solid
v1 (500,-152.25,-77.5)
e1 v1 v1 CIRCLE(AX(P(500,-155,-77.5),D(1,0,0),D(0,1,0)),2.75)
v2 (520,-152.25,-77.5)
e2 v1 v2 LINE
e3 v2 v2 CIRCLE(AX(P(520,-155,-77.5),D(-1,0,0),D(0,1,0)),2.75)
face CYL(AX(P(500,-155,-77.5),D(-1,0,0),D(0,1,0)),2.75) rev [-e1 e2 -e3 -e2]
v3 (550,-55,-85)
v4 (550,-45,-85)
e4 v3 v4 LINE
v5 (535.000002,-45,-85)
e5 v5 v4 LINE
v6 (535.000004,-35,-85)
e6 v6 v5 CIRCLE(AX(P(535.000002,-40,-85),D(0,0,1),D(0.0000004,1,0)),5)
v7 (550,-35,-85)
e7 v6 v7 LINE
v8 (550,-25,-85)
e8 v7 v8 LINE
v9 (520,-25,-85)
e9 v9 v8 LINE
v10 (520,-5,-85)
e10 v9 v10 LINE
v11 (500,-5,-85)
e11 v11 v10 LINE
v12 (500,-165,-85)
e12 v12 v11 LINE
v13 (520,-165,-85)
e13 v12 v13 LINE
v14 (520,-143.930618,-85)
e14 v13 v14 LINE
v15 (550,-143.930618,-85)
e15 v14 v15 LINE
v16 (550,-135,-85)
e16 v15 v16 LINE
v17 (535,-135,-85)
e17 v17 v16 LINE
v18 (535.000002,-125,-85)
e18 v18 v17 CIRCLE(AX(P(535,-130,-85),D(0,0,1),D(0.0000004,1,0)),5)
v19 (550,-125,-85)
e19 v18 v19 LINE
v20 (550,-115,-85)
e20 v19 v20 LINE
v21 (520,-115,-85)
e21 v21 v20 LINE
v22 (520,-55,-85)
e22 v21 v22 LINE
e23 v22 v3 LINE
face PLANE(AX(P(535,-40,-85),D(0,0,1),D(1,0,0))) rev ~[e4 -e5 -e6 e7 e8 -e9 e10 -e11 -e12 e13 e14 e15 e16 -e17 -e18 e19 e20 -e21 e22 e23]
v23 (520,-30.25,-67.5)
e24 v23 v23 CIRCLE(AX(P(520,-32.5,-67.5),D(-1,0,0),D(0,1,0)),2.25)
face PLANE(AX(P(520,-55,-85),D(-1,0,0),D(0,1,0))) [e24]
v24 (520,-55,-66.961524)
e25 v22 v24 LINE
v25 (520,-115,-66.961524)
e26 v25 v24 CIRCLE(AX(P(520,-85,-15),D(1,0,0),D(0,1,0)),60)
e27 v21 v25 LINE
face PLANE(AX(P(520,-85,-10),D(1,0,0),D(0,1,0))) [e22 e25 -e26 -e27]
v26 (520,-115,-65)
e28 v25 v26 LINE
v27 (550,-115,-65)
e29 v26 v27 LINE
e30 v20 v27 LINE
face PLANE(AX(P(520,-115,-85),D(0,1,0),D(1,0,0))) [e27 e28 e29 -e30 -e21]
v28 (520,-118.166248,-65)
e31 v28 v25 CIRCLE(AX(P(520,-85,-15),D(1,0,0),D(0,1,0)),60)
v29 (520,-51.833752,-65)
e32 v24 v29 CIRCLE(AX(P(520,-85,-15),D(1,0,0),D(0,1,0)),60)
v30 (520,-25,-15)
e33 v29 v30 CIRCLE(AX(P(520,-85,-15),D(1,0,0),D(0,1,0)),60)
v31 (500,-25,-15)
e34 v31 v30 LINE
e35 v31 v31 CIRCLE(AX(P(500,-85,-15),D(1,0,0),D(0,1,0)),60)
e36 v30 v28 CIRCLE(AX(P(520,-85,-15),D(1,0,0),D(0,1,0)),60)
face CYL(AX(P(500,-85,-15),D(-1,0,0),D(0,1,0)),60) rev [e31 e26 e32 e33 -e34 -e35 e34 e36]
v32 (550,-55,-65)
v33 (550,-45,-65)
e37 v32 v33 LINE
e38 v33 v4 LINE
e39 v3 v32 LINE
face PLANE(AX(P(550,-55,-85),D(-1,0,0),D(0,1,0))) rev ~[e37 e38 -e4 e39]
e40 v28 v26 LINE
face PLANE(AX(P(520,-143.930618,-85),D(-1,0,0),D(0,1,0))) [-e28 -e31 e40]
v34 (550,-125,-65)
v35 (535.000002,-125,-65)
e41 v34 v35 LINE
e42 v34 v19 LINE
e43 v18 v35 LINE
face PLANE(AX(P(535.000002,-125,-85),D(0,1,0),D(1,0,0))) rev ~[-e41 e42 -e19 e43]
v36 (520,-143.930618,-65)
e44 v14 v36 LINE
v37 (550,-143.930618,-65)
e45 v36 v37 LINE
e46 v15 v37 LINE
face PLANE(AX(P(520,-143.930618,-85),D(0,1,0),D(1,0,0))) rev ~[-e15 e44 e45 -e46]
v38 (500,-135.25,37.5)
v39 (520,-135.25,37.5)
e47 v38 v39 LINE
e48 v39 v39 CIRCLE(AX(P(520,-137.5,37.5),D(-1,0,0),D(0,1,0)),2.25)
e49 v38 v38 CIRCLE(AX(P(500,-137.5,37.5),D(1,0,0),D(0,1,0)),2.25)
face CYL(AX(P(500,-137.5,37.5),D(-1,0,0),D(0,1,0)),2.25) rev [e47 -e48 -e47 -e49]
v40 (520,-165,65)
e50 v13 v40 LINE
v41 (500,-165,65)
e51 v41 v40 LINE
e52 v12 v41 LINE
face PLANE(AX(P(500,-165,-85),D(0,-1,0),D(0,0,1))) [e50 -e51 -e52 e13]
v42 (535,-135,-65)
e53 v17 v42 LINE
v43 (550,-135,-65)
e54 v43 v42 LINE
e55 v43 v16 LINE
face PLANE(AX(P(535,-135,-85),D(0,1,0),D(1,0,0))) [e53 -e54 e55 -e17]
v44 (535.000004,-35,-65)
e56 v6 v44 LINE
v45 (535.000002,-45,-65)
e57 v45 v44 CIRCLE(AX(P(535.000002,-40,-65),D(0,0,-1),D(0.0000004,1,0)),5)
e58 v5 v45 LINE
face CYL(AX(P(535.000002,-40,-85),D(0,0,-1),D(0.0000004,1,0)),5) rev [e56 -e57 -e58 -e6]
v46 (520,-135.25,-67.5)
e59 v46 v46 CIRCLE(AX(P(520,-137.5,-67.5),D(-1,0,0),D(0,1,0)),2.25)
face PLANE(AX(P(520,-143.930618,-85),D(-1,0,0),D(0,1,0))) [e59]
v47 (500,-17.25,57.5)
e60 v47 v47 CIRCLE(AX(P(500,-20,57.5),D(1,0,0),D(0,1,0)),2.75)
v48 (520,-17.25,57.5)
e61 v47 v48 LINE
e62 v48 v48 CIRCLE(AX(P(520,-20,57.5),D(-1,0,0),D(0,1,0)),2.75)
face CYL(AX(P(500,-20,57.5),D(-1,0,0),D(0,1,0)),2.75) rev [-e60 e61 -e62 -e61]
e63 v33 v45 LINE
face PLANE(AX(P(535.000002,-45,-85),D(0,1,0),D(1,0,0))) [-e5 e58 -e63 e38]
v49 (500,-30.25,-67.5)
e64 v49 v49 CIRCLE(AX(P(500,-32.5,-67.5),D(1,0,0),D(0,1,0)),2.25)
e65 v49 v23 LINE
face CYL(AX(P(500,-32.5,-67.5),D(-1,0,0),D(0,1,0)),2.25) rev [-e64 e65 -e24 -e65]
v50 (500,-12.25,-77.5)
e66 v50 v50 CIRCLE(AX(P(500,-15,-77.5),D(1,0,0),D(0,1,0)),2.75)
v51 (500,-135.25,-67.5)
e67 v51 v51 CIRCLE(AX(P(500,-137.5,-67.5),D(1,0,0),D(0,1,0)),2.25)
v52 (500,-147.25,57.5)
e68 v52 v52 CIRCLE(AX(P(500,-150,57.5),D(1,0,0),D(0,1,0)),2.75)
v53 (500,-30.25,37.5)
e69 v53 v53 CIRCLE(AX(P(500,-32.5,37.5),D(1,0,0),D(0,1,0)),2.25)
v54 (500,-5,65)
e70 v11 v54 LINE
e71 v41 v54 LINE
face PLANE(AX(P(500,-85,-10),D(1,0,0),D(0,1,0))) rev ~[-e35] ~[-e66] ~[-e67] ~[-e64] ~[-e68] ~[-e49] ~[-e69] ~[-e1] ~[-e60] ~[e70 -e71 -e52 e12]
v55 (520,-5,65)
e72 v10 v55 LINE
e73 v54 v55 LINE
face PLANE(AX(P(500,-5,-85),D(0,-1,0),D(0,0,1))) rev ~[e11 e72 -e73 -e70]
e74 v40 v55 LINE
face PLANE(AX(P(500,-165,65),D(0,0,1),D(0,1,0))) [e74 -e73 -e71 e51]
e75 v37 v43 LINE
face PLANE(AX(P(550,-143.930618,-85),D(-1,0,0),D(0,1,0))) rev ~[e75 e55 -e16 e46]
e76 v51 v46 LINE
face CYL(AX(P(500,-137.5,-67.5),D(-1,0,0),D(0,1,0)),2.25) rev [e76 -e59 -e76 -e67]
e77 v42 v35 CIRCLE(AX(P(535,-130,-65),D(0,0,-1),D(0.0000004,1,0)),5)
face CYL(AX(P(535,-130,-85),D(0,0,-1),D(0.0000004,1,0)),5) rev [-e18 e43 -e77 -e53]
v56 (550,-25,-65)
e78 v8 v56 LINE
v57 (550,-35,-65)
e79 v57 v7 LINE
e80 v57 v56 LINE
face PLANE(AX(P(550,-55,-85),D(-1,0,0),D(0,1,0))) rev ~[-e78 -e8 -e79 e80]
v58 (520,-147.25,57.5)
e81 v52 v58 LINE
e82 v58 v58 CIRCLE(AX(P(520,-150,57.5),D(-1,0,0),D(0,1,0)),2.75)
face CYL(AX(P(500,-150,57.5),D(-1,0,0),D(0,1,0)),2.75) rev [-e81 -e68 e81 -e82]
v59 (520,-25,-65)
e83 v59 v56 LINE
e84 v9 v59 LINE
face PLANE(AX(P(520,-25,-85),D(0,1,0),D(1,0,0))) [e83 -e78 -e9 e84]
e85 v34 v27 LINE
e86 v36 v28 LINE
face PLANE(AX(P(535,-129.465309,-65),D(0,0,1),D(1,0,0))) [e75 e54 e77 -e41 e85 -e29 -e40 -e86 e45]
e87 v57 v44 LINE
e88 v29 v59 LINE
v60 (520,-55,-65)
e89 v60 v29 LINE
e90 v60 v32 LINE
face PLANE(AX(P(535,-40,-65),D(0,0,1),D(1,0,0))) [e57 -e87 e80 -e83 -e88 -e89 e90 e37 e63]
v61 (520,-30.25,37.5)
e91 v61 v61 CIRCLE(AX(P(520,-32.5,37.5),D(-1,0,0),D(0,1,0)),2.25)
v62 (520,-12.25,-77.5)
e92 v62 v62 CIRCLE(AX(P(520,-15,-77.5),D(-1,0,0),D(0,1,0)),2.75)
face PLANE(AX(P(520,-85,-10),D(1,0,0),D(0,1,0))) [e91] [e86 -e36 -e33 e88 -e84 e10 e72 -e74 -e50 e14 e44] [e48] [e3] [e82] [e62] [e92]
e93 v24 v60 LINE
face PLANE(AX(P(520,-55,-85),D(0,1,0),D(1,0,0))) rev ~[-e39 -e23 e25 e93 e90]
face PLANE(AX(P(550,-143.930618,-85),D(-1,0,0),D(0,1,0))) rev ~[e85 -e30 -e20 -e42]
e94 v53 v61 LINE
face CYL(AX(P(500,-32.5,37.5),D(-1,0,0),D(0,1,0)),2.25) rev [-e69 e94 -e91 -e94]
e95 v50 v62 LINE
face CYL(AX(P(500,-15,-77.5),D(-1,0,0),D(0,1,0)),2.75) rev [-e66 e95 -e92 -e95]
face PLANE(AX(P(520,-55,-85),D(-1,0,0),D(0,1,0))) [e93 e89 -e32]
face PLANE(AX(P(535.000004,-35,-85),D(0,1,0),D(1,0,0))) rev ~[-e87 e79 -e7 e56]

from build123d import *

# Parameters (mm, degrees)
SKETCH002_W     = 160
SKETCH002_H     = 150
SKETCH002_R     = 60
PAD002_DEPTH    = 20
SKETCH005_R     = 2.25
HOLE002_DEPTH   = 25
SKETCH017_W     = 30
SKETCH017_H     = 30
SKETCH017_H_2   = 28.930618
PAD006_DEPTH    = 20
POCKET003_DEPTH = 50
SKETCH020_R     = 2.75
HOLE008_DEPTH   = 25
HOLE008_TIPS_R  = 2.75


with BuildPart() as part:
    # Sketch002 → Pad002 (new body)
    with BuildSketch(Plane.YZ.offset(500)):
        with Locations((-85, -10)):
            Rectangle(SKETCH002_W, SKETCH002_H)
        with Locations((-85, -15)):
            Circle(SKETCH002_R, mode=Mode.SUBTRACT)
    extrude(amount=PAD002_DEPTH)

    # Sketch005 → Hole002 (cut)
    with BuildSketch(Plane.YZ.offset(500)):
        with Locations((-137.5, 37.5)):
            Circle(SKETCH005_R)
        with Locations((-32.5, 37.5)):
            Circle(SKETCH005_R)
        with Locations((-32.5, -67.5)):
            Circle(SKETCH005_R)
        with Locations((-137.5, -67.5)):
            Circle(SKETCH005_R)
    extrude(amount=HOLE002_DEPTH, mode=Mode.SUBTRACT)

    # Sketch017 → Pad006 (join)
    with BuildSketch(Plane.XY.offset(-85)):
        with Locations((535, -40)):
            Rectangle(SKETCH017_W, SKETCH017_H)
        with Locations((535, -129.465309)):
            Rectangle(SKETCH017_W, SKETCH017_H_2)
    extrude(amount=PAD006_DEPTH)

    # Sketch018 → Pocket003 (cut)
    with BuildSketch(Plane.XY.offset(-85)):
        with BuildLine():
            ThreePointArc((535.000004, -35), (530.000002, -39.999999), (535.000002, -45))
            Line((535.000002, -45), (560, -45))
            ThreePointArc((560, -45), (565, -39.999999), (559.999998, -35))
            Line((535.000002, -35), (560, -35))
        make_face()
        with BuildLine():
            ThreePointArc((535.000002, -125), (530, -129.999999), (535, -135))
            Line((535, -135), (560, -135))
            ThreePointArc((560, -135), (565, -129.999999), (559.999998, -125))
            Line((535, -125), (560, -125))
        make_face()
    extrude(amount=POCKET003_DEPTH, mode=Mode.SUBTRACT)

    # Sketch020 → Hole008 (cut)
    with BuildSketch(Plane.YZ.offset(500)):
        with Locations((-155, -77.5)):
            Circle(SKETCH020_R)
        with Locations((-15, -77.5)):
            Circle(SKETCH020_R)
        with Locations((-150, 57.5)):
            Circle(SKETCH020_R)
        with Locations((-20, 57.5)):
            Circle(SKETCH020_R)
    extrude(amount=HOLE008_DEPTH, mode=Mode.SUBTRACT)

    # Hole008 tips → Hole008 tip 1 section 0
    with BuildSketch(Plane.YZ.offset(525), mode=Mode.PRIVATE) as hole008_tip_1_s0:
        with Locations((-155, -77.5)):
            Circle(HOLE008_TIPS_R)
    loft([hole008_tip_1_s0.sketch, Vertex(526.652367, -155, -77.5)], mode=Mode.SUBTRACT)

    # Hole008 tips → Hole008 tip 2 section 0
    with BuildSketch(Plane.YZ.offset(525), mode=Mode.PRIVATE) as hole008_tip_2_s0:
        with Locations((-15, -77.5)):
            Circle(HOLE008_TIPS_R)
    loft([hole008_tip_2_s0.sketch, Vertex(526.652367, -15, -77.5)], mode=Mode.SUBTRACT)

    # Hole008 tips → Hole008 tip 3 section 0
    with BuildSketch(Plane.YZ.offset(525), mode=Mode.PRIVATE) as hole008_tip_3_s0:
        with Locations((-150, 57.5)):
            Circle(HOLE008_TIPS_R)
    loft([hole008_tip_3_s0.sketch, Vertex(526.652367, -150, 57.5)], mode=Mode.SUBTRACT)

    # Hole008 tips → Hole008 tip 4 section 0
    with BuildSketch(Plane.YZ.offset(525), mode=Mode.PRIVATE) as hole008_tip_4_s0:
        with Locations((-20, 57.5)):
            Circle(HOLE008_TIPS_R)
    loft([hole008_tip_4_s0.sketch, Vertex(526.652367, -20, 57.5)], mode=Mode.SUBTRACT)


solid = part.part
